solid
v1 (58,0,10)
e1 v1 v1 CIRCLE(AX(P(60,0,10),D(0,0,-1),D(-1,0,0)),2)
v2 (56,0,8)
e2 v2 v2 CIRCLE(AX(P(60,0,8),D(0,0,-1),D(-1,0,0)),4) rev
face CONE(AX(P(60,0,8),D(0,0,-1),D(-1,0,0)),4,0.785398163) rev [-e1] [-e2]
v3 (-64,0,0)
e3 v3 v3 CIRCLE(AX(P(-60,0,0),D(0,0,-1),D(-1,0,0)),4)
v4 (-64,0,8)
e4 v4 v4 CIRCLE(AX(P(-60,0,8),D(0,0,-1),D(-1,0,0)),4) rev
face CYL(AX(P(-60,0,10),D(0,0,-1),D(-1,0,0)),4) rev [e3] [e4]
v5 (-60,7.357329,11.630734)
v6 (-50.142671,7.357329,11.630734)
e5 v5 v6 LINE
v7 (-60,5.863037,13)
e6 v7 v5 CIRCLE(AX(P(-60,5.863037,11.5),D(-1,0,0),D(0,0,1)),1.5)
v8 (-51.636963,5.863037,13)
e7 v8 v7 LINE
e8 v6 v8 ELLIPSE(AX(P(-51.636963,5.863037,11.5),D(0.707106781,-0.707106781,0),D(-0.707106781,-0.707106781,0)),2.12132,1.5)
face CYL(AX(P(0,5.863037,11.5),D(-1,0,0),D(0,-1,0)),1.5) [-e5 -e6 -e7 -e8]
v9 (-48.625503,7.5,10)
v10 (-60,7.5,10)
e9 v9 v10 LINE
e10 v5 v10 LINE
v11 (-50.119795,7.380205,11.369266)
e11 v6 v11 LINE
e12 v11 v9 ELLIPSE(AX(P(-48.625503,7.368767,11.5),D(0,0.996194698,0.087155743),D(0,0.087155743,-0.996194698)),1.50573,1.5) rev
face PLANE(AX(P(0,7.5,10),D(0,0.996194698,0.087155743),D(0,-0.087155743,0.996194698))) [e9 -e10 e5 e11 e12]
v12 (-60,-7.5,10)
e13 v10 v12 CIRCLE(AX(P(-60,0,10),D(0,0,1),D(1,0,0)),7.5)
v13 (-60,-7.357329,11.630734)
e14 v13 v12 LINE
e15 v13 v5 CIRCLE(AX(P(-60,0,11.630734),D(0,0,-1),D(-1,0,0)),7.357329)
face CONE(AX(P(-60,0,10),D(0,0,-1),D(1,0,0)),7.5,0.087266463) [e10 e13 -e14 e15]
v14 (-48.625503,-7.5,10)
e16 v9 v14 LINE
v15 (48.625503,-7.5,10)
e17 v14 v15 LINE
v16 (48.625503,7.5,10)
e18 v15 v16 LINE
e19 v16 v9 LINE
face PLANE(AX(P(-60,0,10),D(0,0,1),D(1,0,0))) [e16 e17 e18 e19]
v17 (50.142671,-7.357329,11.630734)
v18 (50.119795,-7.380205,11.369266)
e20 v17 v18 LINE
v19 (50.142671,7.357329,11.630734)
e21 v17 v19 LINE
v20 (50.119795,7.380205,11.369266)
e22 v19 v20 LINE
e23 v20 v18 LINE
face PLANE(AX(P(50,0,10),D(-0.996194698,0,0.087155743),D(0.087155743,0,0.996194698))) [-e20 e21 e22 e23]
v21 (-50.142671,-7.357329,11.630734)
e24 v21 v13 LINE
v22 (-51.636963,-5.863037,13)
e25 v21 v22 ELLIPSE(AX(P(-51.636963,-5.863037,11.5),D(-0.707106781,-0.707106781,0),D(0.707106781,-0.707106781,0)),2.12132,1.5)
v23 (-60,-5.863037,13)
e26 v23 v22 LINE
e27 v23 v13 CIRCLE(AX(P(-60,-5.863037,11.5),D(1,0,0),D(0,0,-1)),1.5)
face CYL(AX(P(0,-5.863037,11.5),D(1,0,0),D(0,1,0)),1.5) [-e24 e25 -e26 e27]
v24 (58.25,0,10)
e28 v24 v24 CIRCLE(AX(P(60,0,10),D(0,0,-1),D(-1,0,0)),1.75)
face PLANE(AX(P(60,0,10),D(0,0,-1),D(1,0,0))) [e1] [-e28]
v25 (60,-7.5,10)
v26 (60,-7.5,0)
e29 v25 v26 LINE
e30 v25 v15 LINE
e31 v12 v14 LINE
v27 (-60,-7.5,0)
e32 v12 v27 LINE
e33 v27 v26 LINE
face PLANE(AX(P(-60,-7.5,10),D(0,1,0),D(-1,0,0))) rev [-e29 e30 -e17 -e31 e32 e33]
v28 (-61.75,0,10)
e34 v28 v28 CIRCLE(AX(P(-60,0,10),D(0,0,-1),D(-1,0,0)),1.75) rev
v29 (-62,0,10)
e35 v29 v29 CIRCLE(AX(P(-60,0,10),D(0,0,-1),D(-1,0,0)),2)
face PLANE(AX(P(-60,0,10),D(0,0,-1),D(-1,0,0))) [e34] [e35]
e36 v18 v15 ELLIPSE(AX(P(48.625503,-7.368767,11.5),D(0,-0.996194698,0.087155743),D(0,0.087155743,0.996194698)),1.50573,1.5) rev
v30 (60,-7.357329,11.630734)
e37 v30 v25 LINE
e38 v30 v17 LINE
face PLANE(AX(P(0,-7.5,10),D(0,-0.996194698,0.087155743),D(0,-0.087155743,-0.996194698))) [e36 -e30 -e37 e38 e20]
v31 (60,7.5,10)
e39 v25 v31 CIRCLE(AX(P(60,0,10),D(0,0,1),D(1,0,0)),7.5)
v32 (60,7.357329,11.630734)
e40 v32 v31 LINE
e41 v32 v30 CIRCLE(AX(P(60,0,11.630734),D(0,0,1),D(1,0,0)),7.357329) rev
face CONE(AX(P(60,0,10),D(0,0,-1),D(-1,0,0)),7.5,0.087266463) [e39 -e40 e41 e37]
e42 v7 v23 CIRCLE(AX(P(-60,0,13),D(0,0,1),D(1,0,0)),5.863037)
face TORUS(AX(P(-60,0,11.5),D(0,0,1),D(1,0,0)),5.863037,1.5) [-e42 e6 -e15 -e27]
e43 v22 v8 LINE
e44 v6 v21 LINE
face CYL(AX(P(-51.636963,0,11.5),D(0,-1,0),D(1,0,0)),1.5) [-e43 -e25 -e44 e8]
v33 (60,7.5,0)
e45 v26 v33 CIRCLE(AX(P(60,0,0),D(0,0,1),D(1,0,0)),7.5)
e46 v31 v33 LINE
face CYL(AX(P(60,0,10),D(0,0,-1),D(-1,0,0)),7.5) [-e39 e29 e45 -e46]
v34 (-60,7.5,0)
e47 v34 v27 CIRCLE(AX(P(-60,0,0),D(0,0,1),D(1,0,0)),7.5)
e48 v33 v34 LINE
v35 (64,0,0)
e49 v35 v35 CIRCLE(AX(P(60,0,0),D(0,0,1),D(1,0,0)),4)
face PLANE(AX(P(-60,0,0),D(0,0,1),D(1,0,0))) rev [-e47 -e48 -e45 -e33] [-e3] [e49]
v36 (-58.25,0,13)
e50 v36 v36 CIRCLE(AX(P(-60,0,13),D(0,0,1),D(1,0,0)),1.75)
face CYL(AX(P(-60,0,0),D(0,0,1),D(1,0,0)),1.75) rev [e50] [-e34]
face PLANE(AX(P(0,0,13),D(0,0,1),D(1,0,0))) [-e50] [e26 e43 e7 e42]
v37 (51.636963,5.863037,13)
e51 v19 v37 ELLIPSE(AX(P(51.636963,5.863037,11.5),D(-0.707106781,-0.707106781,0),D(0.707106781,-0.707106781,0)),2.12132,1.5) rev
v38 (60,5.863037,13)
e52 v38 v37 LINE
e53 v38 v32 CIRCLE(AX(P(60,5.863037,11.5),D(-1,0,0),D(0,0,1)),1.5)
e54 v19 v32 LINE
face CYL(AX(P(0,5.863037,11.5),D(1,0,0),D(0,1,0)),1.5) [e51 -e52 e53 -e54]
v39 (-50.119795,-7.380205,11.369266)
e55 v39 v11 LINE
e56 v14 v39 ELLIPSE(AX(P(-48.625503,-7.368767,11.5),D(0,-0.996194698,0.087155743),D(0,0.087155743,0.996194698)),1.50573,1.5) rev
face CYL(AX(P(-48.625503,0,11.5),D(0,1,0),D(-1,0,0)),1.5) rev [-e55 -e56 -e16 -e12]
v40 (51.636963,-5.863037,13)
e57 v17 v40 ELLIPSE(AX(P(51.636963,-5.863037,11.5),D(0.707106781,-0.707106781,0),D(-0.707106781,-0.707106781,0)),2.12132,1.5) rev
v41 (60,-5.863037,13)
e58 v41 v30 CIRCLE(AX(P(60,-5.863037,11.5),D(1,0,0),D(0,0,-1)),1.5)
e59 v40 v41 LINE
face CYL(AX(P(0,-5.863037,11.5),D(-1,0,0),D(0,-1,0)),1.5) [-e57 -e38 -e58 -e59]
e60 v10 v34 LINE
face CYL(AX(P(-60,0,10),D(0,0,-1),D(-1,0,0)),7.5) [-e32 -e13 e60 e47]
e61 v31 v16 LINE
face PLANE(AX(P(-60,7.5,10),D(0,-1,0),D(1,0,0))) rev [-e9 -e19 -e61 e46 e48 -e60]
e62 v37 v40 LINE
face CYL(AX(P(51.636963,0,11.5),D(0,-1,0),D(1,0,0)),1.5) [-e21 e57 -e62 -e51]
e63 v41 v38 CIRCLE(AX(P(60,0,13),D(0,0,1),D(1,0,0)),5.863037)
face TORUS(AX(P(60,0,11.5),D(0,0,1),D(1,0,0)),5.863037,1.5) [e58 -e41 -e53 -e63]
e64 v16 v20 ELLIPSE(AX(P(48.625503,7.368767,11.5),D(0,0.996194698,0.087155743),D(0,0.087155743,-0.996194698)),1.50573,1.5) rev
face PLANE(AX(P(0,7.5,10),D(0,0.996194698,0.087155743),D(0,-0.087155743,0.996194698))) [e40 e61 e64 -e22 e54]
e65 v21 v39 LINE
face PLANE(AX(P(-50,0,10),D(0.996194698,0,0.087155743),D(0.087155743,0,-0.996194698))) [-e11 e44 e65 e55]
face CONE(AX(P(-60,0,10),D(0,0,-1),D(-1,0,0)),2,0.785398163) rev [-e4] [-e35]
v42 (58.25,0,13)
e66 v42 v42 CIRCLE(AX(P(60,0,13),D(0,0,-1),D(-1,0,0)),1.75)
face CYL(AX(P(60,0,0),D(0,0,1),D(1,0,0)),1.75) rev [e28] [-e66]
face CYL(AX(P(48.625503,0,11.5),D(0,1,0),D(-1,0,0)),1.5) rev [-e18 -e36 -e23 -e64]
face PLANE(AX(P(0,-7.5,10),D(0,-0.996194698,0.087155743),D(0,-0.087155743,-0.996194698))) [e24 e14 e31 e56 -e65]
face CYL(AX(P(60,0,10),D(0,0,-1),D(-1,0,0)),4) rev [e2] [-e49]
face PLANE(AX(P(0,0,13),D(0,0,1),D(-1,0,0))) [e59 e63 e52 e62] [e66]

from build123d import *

# Parameters (mm, degrees)
BOSS_EXTRUDE1_DEPTH  = 10
BOSS_EXTRUDE2_DEPTH  = 3
BOSS_EXTRUDE2_TAPER  = 5
FILLET1_R            = 1.5
SKETCH3_R            = 1.75
CUT_EXTRUDE1_DEPTH   = 70.14839116
SKETCH4_R            = 4
CUT_EXTRUDE2_DEPTH   = 10
FILLET1_OF_MIRROR3_R = 1.5
CHAMFER1_SIZE        = 2


with BuildPart() as part:
    # Sketch1 → Boss-Extrude1 (new body)
    with BuildSketch(Plane.XY):
        with BuildLine():
            Line((-60, 7.5), (60, 7.5))
            ThreePointArc((60, 7.5), (67.5, 0), (60, -7.5))
            Line((60, -7.5), (-60, -7.5))
            ThreePointArc((-60, -7.5), (-67.5, 0), (-60, 7.5))
        make_face()
    extrude(amount=BOSS_EXTRUDE1_DEPTH)

    # Sketch2 → Boss-Extrude2 (add)
    with BuildSketch(Plane.XY.offset(10)):
        with BuildLine():
            Line((-50, -7.5), (-50, 7.5))
            Line((-50, 7.5), (-60, 7.5))
            ThreePointArc((-60, 7.5), (-67.5, 0), (-60, -7.5))
            Line((-60, -7.5), (-50, -7.5))
        make_face()
    boss_extrude2 = extrude(amount=BOSS_EXTRUDE2_DEPTH, taper=BOSS_EXTRUDE2_TAPER)

    # Fillet1
    fillet1_edges = [part.edges().sort_by_distance(p)[0] for p in [
        (-50.262465991, 0, 13),
        (-55.131232995, 7.237534009, 13),
        (-67.237534009, 0, 13),
        (-55.131232995, -7.237534009, 13),
        (-50, 0, 10),
    ]]
    fillet(fillet1_edges, radius=FILLET1_R)

    # Sketch3 → Cut-Extrude1 (cut, through all)
    with BuildSketch(Plane.XY.offset(13)):
        with Locations((-60, 0)):
            Circle(SKETCH3_R)
    cut_extrude1 = extrude(amount=-CUT_EXTRUDE1_DEPTH, mode=Mode.SUBTRACT)

    # Sketch4 → Cut-Extrude2 (cut)
    with BuildSketch(Plane(origin=(0, 0, 0), x_dir=(-1, 0, 0), z_dir=(0, 0, -1))):
        with Locations((60, 0)):
            Circle(SKETCH4_R)
    cut_extrude2 = extrude(amount=-CUT_EXTRUDE2_DEPTH, mode=Mode.SUBTRACT)

    # Mirror3: Boss-Extrude2, Cut-Extrude1, Cut-Extrude2 across plane
    add(boss_extrude2.mirror(Plane(origin=(0, 0, 0), x_dir=(0, 0, 1), z_dir=(1, 0, 0))))
    add(cut_extrude1.mirror(Plane(origin=(0, 0, 0), x_dir=(0, 0, 1), z_dir=(1, 0, 0))), mode=Mode.SUBTRACT)
    add(cut_extrude2.mirror(Plane(origin=(0, 0, 0), x_dir=(0, 0, 1), z_dir=(1, 0, 0))), mode=Mode.SUBTRACT)

    # Fillet1 of Mirror3
    fillet1_of_mirror3_edges = [part.edges().sort_by_distance(p)[0] for p in [
        (50.262465991, 0, 13),
        (55.131232995, 7.237534009, 13),
        (67.237534009, 0, 13),
        (55.131232995, -7.237534009, 13),
        (50, 0, 10),
    ]]
    fillet(fillet1_of_mirror3_edges, radius=FILLET1_OF_MIRROR3_R)

    # Chamfer1
    chamfer1_edges = [part.edges().sort_by_distance(p)[0] for p in [
        (56, 0, 10),
        (-56, 0, 10),
    ]]
    chamfer(chamfer1_edges, length=CHAMFER1_SIZE)


solid = part.part
